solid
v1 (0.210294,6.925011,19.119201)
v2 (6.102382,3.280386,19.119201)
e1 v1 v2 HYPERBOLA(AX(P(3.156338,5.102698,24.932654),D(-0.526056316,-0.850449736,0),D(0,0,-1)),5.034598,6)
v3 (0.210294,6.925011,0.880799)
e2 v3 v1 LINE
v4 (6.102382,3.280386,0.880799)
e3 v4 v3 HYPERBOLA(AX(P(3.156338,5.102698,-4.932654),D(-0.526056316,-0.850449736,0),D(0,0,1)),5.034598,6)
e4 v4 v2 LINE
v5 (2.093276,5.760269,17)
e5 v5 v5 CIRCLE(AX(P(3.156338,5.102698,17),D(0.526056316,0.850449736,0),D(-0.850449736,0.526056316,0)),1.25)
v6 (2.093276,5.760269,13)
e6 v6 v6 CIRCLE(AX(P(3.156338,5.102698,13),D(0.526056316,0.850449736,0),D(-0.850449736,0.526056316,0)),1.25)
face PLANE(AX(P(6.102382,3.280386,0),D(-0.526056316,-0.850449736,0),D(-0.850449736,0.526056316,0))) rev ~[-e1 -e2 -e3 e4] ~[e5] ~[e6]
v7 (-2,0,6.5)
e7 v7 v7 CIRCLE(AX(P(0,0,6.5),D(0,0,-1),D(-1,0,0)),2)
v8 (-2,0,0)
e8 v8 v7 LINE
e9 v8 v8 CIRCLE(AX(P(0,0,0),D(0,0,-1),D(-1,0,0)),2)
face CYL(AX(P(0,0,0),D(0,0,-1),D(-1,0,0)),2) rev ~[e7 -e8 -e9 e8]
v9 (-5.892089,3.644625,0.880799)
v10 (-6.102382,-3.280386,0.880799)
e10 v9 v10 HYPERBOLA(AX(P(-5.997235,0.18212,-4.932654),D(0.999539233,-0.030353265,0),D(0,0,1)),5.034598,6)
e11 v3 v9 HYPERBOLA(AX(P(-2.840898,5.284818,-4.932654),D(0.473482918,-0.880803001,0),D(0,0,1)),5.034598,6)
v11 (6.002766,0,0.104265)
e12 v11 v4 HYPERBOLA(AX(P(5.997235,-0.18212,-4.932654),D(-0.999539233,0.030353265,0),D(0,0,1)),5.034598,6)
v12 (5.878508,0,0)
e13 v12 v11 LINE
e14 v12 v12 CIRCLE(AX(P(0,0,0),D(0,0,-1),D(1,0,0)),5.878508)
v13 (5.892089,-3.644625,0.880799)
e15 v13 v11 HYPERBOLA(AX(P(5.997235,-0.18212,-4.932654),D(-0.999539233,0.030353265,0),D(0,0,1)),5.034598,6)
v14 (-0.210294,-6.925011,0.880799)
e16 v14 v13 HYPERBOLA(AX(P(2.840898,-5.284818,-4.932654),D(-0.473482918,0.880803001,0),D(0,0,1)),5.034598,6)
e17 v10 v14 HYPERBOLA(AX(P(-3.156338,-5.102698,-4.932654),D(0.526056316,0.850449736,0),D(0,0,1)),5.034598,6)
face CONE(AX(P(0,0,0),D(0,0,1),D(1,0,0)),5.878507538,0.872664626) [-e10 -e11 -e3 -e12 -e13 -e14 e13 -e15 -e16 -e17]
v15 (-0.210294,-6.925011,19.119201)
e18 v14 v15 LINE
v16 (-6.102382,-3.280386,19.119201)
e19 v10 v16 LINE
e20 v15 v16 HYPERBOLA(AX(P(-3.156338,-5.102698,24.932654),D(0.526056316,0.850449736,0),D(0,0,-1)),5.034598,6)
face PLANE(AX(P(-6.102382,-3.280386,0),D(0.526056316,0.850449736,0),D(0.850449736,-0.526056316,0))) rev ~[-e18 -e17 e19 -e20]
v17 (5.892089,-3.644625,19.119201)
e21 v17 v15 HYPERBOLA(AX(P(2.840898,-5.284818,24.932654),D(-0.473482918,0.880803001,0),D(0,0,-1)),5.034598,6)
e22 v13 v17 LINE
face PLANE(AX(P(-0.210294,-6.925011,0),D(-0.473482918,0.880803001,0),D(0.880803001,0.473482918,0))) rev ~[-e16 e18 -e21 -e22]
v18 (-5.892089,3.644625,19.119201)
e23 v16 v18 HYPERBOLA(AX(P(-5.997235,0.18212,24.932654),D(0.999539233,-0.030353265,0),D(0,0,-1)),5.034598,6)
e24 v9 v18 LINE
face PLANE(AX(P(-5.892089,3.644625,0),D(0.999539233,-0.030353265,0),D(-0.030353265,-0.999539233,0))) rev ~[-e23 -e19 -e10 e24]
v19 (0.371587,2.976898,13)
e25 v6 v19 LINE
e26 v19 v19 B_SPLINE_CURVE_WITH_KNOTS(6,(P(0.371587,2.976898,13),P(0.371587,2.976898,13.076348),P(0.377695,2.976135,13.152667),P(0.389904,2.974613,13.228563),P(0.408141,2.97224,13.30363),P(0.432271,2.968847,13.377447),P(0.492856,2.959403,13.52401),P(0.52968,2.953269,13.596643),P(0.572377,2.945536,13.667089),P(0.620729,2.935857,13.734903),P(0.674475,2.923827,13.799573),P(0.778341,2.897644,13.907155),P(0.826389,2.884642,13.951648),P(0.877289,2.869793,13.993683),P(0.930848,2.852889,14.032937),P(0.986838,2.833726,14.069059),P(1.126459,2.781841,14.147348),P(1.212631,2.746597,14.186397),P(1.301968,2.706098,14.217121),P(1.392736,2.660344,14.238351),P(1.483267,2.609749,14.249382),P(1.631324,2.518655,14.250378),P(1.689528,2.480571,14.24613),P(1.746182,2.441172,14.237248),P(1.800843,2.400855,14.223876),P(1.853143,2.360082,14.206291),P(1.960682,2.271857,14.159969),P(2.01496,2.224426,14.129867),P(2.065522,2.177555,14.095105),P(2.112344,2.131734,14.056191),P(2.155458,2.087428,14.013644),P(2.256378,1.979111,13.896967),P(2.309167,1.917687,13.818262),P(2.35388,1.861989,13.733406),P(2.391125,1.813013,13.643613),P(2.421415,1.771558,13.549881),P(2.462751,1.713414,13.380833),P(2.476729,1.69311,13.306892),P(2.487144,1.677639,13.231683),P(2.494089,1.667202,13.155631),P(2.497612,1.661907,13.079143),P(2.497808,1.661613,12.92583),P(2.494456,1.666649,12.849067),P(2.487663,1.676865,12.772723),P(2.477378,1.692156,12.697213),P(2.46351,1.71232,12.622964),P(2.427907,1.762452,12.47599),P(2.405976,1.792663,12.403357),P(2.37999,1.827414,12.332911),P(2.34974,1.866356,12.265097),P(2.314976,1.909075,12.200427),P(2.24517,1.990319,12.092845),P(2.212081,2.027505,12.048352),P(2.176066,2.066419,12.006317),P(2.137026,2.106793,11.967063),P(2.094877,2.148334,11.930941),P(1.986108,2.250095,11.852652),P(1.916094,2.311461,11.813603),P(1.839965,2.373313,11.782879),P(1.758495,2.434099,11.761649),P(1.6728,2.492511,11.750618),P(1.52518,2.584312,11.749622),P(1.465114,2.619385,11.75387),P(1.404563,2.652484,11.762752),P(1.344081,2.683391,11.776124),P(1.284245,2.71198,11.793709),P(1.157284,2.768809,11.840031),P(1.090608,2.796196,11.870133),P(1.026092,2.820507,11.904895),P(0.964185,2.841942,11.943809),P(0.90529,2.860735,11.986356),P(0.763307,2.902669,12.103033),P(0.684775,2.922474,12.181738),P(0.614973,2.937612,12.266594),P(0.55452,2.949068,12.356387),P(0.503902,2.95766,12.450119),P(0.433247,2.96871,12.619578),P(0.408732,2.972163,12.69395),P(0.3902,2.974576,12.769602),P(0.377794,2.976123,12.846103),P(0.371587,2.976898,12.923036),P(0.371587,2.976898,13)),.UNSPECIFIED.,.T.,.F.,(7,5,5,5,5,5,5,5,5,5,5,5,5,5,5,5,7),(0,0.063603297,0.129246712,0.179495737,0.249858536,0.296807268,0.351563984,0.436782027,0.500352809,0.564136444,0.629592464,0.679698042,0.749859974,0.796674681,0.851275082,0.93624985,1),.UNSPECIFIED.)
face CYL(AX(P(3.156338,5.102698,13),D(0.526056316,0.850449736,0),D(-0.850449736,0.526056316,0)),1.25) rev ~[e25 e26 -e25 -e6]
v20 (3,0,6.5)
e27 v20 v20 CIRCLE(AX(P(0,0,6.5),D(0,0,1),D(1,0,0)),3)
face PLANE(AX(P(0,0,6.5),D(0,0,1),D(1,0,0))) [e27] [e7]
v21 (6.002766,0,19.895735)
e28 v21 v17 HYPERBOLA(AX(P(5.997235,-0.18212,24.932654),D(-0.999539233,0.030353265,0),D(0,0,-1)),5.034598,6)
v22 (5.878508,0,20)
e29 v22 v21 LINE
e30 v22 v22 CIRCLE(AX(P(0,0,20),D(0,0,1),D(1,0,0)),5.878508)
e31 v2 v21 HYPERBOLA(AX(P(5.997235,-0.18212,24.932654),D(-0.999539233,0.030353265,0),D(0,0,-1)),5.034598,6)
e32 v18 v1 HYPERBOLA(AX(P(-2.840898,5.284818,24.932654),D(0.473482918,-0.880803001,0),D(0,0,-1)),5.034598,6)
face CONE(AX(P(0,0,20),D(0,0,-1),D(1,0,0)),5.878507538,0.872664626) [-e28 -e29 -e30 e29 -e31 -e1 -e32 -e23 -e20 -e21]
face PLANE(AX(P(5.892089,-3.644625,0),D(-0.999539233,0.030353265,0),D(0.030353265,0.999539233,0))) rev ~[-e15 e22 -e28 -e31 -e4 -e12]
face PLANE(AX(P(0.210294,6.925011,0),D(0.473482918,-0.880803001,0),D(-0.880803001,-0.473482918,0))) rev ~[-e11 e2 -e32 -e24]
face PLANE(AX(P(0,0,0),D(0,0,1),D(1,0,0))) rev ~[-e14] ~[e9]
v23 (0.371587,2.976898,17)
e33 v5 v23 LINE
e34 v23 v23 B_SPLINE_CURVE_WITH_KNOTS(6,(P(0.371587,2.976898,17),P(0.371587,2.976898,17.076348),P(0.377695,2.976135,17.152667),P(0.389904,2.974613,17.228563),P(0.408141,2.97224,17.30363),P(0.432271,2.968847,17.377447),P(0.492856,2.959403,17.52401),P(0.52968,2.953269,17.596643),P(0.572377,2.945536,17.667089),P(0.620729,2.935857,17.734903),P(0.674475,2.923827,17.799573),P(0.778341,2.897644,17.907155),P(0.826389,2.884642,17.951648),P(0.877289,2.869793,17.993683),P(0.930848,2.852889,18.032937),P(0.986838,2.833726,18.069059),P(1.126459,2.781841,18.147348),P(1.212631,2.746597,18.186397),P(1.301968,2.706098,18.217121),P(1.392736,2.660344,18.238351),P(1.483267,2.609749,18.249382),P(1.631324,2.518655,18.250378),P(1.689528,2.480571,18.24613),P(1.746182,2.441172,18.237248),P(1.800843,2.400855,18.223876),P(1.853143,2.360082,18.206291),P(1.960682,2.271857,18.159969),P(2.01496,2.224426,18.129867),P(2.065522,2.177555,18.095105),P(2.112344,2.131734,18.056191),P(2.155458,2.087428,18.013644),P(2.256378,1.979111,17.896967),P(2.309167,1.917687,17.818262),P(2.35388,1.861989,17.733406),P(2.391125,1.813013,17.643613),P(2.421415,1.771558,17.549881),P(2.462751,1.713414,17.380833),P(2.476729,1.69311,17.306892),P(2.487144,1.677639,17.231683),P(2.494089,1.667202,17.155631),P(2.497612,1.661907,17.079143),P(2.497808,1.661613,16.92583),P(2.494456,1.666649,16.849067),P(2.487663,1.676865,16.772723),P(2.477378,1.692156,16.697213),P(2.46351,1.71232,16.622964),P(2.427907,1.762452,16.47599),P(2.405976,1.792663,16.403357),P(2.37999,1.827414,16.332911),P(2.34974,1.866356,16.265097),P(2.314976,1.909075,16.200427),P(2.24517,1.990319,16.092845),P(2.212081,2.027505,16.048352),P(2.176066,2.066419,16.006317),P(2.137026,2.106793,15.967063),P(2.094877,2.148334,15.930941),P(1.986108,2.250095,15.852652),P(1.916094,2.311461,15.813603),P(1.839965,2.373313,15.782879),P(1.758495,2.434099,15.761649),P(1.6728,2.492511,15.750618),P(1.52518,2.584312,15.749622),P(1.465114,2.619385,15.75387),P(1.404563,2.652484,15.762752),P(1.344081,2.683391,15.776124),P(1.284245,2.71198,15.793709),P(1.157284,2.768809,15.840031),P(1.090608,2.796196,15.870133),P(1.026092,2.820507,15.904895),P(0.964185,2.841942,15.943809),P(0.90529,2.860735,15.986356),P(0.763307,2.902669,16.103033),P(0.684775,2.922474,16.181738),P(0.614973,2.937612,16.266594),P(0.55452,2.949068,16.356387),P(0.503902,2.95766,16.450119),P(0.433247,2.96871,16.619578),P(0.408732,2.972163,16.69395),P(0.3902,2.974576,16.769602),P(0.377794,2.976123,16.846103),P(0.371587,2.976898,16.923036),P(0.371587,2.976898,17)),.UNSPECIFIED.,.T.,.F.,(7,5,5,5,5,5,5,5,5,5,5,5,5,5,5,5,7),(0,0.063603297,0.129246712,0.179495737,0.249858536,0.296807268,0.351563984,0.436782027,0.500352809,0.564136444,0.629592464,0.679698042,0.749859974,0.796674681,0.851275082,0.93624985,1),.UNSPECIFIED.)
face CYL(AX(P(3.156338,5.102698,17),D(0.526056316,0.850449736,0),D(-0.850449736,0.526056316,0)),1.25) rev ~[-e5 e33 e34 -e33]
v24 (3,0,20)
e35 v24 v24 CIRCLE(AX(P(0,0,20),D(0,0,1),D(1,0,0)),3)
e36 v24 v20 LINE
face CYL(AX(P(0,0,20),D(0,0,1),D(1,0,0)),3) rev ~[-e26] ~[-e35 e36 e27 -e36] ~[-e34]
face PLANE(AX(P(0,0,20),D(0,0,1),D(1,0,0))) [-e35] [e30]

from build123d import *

# Parameters (mm, degrees)
BOSS_EXTRUDE1_DEPTH     = 20
SKETCH2_R               = 2
CUT_EXTRUDE1_DEPTH      = 20
SKETCH3_R               = 3
CUT_EXTRUDE2_DEPTH      = 13.5
SKETCH4_OUTSIDE_W       = 74.532
SKETCH4_OUTSIDE_H       = 76.178
SKETCH4_OUTSIDE_R       = 5.878507538
CUT_EXTRUDE3_DEPTH      = 23.027138831
CUT_EXTRUDE3_DRAFT      = -50
MIRROR1_COPY_1_SKETCH_W = 74.532
MIRROR1_COPY_1_SKETCH_H = 76.178
MIRROR1_COPY_1_SKETCH_R = 5.878507538
MIRROR1_COPY_1_DEPTH    = 23.027138831
MIRROR1_COPY_1_DRAFT    = -50
CUT_EXTRUDE4_REACH      = 27.108
CUT_EXTRUDE4_END_RADIUS = 3
SKETCH5_R               = 1.25


with BuildPart() as part:
    # Sketch1 → Boss-Extrude1 (new body)
    with BuildSketch(Plane.XY):
        Polygon((-6.102382196, -3.280385881), (-0.210293591, -6.925010946), (5.892088606, -3.644625065), (6.102382196, 3.280385881), (0.210293591, 6.925010946), (-5.892088606, 3.644625065), align=None)
    extrude(amount=BOSS_EXTRUDE1_DEPTH)

    # Sketch2 → Cut-Extrude1 (cut)
    with BuildSketch(Plane(origin=(0, 0, 0), x_dir=(-1, 0, 0), z_dir=(0, 0, -1))):
        Circle(SKETCH2_R)
    extrude(amount=-CUT_EXTRUDE1_DEPTH, mode=Mode.SUBTRACT)

    # Sketch3 → Cut-Extrude2 (cut)
    with BuildSketch(Plane.XY.offset(20)):
        Circle(SKETCH3_R)
    extrude(amount=-CUT_EXTRUDE2_DEPTH, mode=Mode.SUBTRACT)


with BuildPart() as cut_extrude3_tool:
    # Sketch4 outside → Cut-Extrude3 (with draft: the straight prism first)
    with BuildSketch(Plane.XY.offset(20)):
        Rectangle(SKETCH4_OUTSIDE_W, SKETCH4_OUTSIDE_H)
        Circle(SKETCH4_OUTSIDE_R, mode=Mode.SUBTRACT)
    extrude(amount=-CUT_EXTRUDE3_DEPTH)
    # Cut-Extrude3: the draft: its side faces are tilted about the plane it starts from
    cut_extrude3_sides = [cut_extrude3_tool.faces().sort_by_distance(p)[0] for p in [
        (0, -38.089, 8.486430585),
        (37.266, 0, 8.486430585),
        (0, 38.089, 8.486430585),
        (-37.266, 0, 8.486430585),
        (-5.878507538, 0, 8.486430585),
    ]]
    draft(cut_extrude3_sides, Plane.XY.offset(20), CUT_EXTRUDE3_DRAFT)


with BuildPart() as part_1:
    add(part.part)

    # Cut-Extrude3: cut by cut_extrude3_tool
    add(cut_extrude3_tool.part, mode=Mode.SUBTRACT)


with BuildPart() as mirror1_copy_1_tool:
    # Mirror1 copy 1 sketch → Mirror1 copy 1 (with draft: the straight prism first)
    with BuildSketch(Plane(origin=(0, 0, 0), x_dir=(1, 0, 0), z_dir=(0, 0, -1))):
        Rectangle(MIRROR1_COPY_1_SKETCH_W, MIRROR1_COPY_1_SKETCH_H)
        Circle(MIRROR1_COPY_1_SKETCH_R, mode=Mode.SUBTRACT)
    extrude(amount=-MIRROR1_COPY_1_DEPTH)
    # Mirror1 copy 1: the draft: its side faces are tilted about the plane it starts from
    mirror1_copy_1_sides = [mirror1_copy_1_tool.faces().sort_by_distance(p)[0] for p in [
        (0, -38.089, 11.513569415),
        (37.266, 0, 11.513569415),
        (0, 38.089, 11.513569415),
        (-37.266, 0, 11.513569415),
        (-5.878507538, 0, 11.513569415),
    ]]
    draft(mirror1_copy_1_sides, Plane(origin=(0, 0, 0), x_dir=(1, 0, 0), z_dir=(0, 0, -1)), MIRROR1_COPY_1_DRAFT)


with BuildPart() as part_2:
    add(part_1.part)

    # Mirror1 copy 1: cut by mirror1_copy_1_tool
    add(mirror1_copy_1_tool.part, mode=Mode.SUBTRACT)

    # Cut-Extrude4: up to this cylinder (the profile starts outside it)
    cut_extrude4_end = Plane(origin=(0, 0, 15), z_dir=(0, 0, 1)) * Cylinder(CUT_EXTRUDE4_END_RADIUS, 65.216, mode=Mode.PRIVATE)
    # Sketch5 → Cut-Extrude4 (cut, up to the surface)
    with BuildSketch(Plane(origin=(3.156337894, 5.102698414, 0), x_dir=(0.8504497356266733, -0.5260563155903765, 0), z_dir=(0.5260563155903764, 0.8504497356266731, 0)), mode=Mode.PRIVATE) as cut_extrude4_sk1:
        with Locations(Location((0, -17, 0), (0, 0, 180))):
            Circle(SKETCH5_R)
    cut_extrude4_tool1 = extrude(cut_extrude4_sk1.sketch, amount=-CUT_EXTRUDE4_REACH, mode=Mode.PRIVATE) - cut_extrude4_end
    add(cut_extrude4_tool1.solids().sort_by_distance((3.156338, 5.102698, 17))[0], mode=Mode.SUBTRACT)
    # Sketch5 → Cut-Extrude4 (cut, up to the surface)
    with BuildSketch(Plane(origin=(3.156337894, 5.102698414, 0), x_dir=(0.8504497356266733, -0.5260563155903765, 0), z_dir=(0.5260563155903764, 0.8504497356266731, 0)), mode=Mode.PRIVATE) as cut_extrude4_sk2:
        with Locations(Location((0, -13, 0), (0, 0, 180))):
            Circle(SKETCH5_R)
    cut_extrude4_tool2 = extrude(cut_extrude4_sk2.sketch, amount=-CUT_EXTRUDE4_REACH, mode=Mode.PRIVATE) - cut_extrude4_end
    add(cut_extrude4_tool2.solids().sort_by_distance((3.156338, 5.102698, 13))[0], mode=Mode.SUBTRACT)


solid = part_2.part
